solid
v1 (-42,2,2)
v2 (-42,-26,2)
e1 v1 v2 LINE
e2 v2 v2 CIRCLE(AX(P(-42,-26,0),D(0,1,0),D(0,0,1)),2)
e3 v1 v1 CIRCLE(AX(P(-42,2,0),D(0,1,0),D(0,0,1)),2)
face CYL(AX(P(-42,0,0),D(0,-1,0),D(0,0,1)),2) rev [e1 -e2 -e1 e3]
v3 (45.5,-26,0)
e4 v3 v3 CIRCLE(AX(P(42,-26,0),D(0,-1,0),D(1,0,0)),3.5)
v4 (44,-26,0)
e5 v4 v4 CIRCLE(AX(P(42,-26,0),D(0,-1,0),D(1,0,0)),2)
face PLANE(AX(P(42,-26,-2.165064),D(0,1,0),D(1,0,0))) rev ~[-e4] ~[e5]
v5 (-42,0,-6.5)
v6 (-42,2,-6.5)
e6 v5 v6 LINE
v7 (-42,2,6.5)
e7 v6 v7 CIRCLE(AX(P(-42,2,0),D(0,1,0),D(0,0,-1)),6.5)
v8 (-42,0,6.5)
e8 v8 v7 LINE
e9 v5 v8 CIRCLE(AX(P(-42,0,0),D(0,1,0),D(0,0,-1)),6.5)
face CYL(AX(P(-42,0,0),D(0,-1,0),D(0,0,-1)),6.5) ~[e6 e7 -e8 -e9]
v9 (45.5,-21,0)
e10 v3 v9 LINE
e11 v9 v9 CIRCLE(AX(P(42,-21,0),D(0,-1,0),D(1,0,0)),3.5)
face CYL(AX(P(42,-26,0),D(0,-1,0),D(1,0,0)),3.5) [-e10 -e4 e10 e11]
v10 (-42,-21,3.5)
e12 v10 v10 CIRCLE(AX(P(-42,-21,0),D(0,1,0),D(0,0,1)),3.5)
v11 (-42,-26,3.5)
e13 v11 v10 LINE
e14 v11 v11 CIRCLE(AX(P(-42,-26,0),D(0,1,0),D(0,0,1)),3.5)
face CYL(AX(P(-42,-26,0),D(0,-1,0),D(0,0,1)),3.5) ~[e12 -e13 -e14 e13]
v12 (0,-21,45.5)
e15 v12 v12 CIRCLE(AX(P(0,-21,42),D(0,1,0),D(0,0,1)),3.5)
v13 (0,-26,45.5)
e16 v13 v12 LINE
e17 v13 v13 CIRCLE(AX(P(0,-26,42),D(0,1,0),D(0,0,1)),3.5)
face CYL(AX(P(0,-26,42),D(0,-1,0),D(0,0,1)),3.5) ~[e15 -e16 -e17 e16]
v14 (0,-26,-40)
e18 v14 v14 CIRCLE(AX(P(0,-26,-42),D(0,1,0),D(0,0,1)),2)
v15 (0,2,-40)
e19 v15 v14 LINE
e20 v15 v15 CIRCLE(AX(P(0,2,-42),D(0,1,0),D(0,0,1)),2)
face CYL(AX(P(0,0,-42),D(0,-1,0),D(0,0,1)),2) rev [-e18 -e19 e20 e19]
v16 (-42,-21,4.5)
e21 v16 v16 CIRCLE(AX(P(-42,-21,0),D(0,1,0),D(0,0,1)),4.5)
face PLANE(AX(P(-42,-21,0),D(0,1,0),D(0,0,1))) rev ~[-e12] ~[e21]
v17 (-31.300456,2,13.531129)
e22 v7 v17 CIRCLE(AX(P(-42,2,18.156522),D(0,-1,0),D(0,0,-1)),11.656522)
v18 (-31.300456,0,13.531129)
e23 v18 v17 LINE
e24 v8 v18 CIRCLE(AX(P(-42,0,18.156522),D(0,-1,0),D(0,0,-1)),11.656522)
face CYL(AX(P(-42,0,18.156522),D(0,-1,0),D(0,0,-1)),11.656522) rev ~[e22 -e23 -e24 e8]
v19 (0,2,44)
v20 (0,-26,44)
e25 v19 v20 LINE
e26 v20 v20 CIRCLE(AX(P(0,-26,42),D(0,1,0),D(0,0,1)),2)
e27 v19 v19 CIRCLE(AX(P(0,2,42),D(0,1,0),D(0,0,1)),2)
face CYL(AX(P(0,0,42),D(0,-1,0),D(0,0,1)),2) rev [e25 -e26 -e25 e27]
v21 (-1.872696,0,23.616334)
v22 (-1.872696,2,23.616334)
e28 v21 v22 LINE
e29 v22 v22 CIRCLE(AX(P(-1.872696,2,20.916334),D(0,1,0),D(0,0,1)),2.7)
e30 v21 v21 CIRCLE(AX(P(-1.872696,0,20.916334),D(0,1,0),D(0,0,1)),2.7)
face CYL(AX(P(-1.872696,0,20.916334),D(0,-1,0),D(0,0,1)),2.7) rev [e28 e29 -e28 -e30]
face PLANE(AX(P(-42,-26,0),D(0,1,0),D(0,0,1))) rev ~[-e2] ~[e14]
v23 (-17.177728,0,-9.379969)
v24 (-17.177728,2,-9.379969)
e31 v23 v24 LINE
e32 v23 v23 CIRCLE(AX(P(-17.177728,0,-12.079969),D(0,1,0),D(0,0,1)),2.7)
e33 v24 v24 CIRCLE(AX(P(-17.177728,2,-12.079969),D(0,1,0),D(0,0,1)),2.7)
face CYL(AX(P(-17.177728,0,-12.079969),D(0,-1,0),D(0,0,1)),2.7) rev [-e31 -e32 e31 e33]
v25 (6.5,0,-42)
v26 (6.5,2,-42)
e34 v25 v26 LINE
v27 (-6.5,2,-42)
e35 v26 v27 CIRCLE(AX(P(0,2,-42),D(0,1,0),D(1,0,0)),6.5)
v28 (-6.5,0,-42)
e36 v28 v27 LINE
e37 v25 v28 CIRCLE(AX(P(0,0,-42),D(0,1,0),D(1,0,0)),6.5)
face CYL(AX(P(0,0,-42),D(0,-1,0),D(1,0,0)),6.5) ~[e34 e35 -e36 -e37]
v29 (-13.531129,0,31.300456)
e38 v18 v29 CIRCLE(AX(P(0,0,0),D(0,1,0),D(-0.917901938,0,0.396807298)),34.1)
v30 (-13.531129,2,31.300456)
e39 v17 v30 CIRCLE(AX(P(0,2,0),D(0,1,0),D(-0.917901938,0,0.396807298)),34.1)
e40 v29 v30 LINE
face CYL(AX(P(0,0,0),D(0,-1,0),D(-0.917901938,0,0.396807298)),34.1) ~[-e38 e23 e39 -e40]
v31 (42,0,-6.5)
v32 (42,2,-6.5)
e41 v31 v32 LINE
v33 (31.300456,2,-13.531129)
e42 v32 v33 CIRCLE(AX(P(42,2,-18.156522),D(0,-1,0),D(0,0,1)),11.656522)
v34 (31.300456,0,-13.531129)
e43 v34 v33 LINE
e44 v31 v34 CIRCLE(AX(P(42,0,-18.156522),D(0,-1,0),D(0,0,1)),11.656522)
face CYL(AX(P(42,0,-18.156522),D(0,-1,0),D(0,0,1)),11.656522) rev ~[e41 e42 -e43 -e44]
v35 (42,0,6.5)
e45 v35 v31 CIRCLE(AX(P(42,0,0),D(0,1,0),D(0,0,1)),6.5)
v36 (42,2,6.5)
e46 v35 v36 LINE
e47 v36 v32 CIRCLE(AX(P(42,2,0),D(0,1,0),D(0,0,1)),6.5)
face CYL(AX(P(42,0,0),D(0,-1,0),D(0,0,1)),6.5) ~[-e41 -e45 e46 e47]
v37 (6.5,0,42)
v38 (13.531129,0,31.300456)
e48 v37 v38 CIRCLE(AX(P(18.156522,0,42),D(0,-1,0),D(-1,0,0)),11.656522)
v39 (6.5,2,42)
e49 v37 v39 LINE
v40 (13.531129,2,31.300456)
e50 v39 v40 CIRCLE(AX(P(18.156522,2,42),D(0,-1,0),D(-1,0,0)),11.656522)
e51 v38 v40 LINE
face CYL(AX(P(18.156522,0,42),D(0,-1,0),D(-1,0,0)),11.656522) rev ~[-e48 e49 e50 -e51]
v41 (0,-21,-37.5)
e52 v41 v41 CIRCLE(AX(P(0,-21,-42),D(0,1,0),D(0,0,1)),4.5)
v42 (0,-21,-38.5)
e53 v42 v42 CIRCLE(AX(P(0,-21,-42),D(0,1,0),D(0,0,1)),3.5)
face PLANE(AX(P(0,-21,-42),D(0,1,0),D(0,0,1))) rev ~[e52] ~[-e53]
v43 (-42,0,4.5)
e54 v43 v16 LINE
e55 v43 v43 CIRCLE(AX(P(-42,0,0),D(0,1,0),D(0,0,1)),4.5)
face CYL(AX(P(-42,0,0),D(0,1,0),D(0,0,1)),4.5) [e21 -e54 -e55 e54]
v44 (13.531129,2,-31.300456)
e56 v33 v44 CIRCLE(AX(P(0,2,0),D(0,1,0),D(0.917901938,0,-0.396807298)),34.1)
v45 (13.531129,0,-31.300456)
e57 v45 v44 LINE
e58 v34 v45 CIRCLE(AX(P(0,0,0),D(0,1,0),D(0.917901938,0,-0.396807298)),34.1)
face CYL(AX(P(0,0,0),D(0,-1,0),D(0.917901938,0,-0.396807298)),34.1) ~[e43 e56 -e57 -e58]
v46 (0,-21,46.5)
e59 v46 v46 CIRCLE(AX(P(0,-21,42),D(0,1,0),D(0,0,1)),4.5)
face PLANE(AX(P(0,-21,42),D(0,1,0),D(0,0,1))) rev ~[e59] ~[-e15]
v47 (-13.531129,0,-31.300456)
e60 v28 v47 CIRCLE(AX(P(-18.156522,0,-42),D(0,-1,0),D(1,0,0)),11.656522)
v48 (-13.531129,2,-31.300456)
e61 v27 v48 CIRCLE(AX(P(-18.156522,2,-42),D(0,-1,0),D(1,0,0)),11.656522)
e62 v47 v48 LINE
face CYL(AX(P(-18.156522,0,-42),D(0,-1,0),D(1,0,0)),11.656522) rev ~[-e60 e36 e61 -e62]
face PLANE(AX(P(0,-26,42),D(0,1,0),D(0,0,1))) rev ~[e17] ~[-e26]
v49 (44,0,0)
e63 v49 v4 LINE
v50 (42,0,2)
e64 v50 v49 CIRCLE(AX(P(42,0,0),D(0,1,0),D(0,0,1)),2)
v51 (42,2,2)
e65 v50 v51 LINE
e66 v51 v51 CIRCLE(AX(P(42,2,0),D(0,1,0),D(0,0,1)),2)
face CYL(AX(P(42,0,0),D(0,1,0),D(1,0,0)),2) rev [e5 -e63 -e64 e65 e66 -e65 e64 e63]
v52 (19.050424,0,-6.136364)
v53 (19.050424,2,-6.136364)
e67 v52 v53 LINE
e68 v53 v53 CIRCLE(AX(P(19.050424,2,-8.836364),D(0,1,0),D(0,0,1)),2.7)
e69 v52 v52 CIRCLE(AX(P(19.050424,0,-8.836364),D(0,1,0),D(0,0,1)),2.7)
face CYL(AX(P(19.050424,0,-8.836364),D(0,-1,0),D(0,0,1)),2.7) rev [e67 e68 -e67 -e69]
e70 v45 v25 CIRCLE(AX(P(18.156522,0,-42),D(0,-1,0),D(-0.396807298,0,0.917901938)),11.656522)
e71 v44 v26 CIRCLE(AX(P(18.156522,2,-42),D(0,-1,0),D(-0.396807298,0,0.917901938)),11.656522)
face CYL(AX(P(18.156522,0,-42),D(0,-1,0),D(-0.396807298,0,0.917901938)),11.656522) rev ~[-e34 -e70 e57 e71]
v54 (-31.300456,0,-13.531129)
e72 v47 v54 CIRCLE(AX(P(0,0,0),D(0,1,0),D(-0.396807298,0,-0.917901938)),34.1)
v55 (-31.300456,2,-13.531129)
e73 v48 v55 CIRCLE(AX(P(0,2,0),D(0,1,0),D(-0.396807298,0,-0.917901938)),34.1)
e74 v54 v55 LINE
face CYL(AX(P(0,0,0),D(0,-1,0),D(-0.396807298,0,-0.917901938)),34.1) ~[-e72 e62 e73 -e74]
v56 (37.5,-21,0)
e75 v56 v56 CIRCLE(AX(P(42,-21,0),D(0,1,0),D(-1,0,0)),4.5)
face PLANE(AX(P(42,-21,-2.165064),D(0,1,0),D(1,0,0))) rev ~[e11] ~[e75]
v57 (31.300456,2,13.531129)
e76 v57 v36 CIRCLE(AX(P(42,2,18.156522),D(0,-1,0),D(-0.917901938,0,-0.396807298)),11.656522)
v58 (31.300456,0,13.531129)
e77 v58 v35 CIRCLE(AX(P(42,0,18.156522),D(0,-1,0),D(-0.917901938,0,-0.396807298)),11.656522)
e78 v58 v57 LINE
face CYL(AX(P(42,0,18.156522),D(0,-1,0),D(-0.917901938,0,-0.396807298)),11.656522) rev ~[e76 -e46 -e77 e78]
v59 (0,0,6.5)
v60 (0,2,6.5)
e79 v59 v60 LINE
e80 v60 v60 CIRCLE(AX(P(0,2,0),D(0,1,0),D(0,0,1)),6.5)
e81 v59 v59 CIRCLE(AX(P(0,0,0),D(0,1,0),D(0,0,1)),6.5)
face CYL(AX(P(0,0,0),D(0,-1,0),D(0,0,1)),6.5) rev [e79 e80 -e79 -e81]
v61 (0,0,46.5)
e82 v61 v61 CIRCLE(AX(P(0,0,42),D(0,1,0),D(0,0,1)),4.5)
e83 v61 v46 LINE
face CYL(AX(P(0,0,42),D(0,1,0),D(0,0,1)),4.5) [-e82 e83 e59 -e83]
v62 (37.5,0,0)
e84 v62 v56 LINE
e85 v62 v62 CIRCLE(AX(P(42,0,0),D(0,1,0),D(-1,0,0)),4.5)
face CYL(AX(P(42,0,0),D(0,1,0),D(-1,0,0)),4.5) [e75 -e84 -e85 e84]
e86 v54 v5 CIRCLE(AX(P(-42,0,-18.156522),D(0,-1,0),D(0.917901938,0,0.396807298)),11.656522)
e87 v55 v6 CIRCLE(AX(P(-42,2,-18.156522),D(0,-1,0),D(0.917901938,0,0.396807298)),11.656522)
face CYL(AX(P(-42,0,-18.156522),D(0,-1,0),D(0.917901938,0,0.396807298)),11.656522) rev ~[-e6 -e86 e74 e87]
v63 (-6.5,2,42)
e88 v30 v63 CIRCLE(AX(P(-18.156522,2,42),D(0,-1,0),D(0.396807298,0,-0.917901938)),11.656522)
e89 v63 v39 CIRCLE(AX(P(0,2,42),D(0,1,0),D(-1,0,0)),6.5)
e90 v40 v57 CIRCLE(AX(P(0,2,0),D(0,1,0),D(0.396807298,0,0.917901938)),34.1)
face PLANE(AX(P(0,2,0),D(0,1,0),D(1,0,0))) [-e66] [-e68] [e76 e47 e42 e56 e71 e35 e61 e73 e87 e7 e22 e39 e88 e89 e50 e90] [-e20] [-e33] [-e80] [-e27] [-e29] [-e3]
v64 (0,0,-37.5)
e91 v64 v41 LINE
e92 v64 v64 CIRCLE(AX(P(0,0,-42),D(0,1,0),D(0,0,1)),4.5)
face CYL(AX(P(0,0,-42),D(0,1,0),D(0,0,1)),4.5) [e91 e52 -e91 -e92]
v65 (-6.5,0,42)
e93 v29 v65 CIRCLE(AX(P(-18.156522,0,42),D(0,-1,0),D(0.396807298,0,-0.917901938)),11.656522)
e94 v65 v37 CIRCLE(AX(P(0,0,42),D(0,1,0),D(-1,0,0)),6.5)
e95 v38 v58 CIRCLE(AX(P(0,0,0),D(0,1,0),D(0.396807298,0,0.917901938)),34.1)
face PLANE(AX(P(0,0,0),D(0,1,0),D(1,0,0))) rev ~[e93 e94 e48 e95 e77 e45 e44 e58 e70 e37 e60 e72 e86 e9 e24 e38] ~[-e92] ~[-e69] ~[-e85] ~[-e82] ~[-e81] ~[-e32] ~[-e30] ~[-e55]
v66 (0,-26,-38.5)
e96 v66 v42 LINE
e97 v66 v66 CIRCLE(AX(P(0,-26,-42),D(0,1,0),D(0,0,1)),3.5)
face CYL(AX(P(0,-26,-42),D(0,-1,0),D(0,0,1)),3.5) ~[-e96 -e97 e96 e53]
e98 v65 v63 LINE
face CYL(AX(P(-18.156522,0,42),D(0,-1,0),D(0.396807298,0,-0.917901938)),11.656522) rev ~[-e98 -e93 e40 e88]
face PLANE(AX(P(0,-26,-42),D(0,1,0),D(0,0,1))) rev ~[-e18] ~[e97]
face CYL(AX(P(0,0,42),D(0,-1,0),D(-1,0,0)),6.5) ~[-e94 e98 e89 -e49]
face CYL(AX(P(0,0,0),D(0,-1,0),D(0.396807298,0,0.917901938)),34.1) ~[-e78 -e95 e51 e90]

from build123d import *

# Parameters (mm, degrees)
SKETCH1_R           = 2
SKETCH1_R_2         = 2.7
SKETCH1_R_3         = 6.5
BOSS_EXTRUDE1_DEPTH = 2
SKETCH1_3_R         = 4.5
SKETCH1_3_R_2       = 3.5
SKETCH1_3_R_3       = 2
BOSS_EXTRUDE2_DEPTH = 26
CUT_EXTRUDE1_START  = -26
SKETCH1_4_R         = 4.5
SKETCH1_4_R_2       = 3.5
CUT_EXTRUDE1_DEPTH  = 5


with BuildPart() as part:
    # Sketch1 → Boss-Extrude1 (new body)
    with BuildSketch(Plane(origin=(0, 0, 0), x_dir=(1, 0, 0), z_dir=(0, 1, 0))):
        with BuildLine():
            ThreePointArc((31.3004561, 13.531128848), (24.112341238, 24.112341238), (13.531128848, 31.3004561))
            ThreePointArc((13.531128848, 31.3004561), (8.415102647, 35.598496025), (6.5, 42))
            ThreePointArc((6.5, 42), (0, 48.5), (-6.5, 42))
            ThreePointArc((-6.5, 42), (-8.415102647, 35.598496025), (-13.531128848, 31.3004561))
            ThreePointArc((-13.531128848, 31.3004561), (-24.112341238, 24.112341238), (-31.3004561, 13.531128848))
            ThreePointArc((-31.3004561, 13.531128848), (-35.598496025, 8.415102647), (-42, 6.5))
            ThreePointArc((-42, 6.5), (-48.5, 0), (-42, -6.5))
            ThreePointArc((-42, -6.5), (-35.598496025, -8.415102647), (-31.3004561, -13.531128848))
            ThreePointArc((-31.3004561, -13.531128848), (-24.112341238, -24.112341238), (-13.531128848, -31.3004561))
            ThreePointArc((-13.531128848, -31.3004561), (-8.415102647, -35.598496025), (-6.5, -42))
            ThreePointArc((-6.5, -42), (0, -48.5), (6.5, -42))
            ThreePointArc((6.5, -42), (8.415102647, -35.598496025), (13.531128848, -31.3004561))
            ThreePointArc((13.531128848, -31.3004561), (24.112341238, -24.112341238), (31.3004561, -13.531128848))
            ThreePointArc((31.3004561, -13.531128848), (35.598496025, -8.415102647), (42, -6.5))
            ThreePointArc((42, -6.5), (48.5, 0), (42, 6.5))
            ThreePointArc((42, 6.5), (35.598496025, 8.415102647), (31.3004561, 13.531128848))
        make_face()
        with Locations(Location((-42, 0, 0), (0, 0, 270))):
            Circle(SKETCH1_R, mode=Mode.SUBTRACT)
        with Locations(Location((-1.872696433, -20.916333524, 0), (0, 0, 270))):
            Circle(SKETCH1_R_2, mode=Mode.SUBTRACT)
        with Locations(Location((0, -42, 0), (0, 0, 270))):
            Circle(SKETCH1_R, mode=Mode.SUBTRACT)
        with Locations(Location((0, 0, 0), (0, 0, 270))):
            Circle(SKETCH1_R_3, mode=Mode.SUBTRACT)
        with Locations(Location((42, 0, 0), (0, 0, 270))):
            Circle(SKETCH1_R, mode=Mode.SUBTRACT)
        with Locations(Location((-17.177727969, 12.079969447, 0), (0, 0, 270))):
            Circle(SKETCH1_R_2, mode=Mode.SUBTRACT)
        with Locations(Location((19.050424402, 8.836364077, 0), (0, 0, 270))):
            Circle(SKETCH1_R_2, mode=Mode.SUBTRACT)
        with Locations(Location((0, 42, 0), (0, 0, 270))):
            Circle(SKETCH1_R, mode=Mode.SUBTRACT)
    extrude(amount=BOSS_EXTRUDE1_DEPTH)

    # Sketch1<3> → Boss-Extrude2 (add)
    with BuildSketch(Plane(origin=(0, 0, 0), x_dir=(1, 0, 0), z_dir=(0, 1, 0))):
        with BuildLine():
            ThreePointArc((46.5, 0), (42, 4.5), (37.5, 0))
            Line((37.5, 0), (38.5, 0))
            ThreePointArc((38.5, 0), (42, 3.5), (45.5, 0))
            Line((45.5, 0), (46.5, 0))
        make_face()
        with BuildLine():
            Line((38.5, 0), (37.5, 0))
            ThreePointArc((37.5, 0), (42, -4.5), (46.5, 0))
            Line((46.5, 0), (45.5, 0))
            ThreePointArc((45.5, 0), (42, -3.5), (38.5, 0))
        make_face()
        with BuildLine():
            ThreePointArc((45.5, 0), (42, 3.5), (38.5, 0))
            Line((38.5, 0), (40, 0))
            ThreePointArc((40, 0), (42, 2), (44, 0))
            Line((44, 0), (45.5, 0))
        make_face()
        with BuildLine():
            Line((40, 0), (38.5, 0))
            ThreePointArc((38.5, 0), (42, -3.5), (45.5, 0))
            Line((45.5, 0), (44, 0))
            ThreePointArc((44, 0), (42, -2), (40, 0))
        make_face()
        with Locations(Location((0, -42, 0), (0, 0, 270))):
            Circle(SKETCH1_3_R)
        with Locations((0, -42)):
            Circle(SKETCH1_3_R_2, mode=Mode.SUBTRACT)
        with Locations((0, -42)):
            Circle(SKETCH1_3_R_2)
        with Locations(Location((0, -42, 0), (0, 0, 270))):
            Circle(SKETCH1_3_R_3, mode=Mode.SUBTRACT)
        with Locations(Location((-42, 0, 0), (0, 0, 270))):
            Circle(SKETCH1_3_R)
        with Locations((-42, 0)):
            Circle(SKETCH1_3_R_2, mode=Mode.SUBTRACT)
        with Locations((-42, 0)):
            Circle(SKETCH1_3_R_2)
        with Locations(Location((-42, 0, 0), (0, 0, 270))):
            Circle(SKETCH1_3_R_3, mode=Mode.SUBTRACT)
        with Locations(Location((0, 42, 0), (0, 0, 270))):
            Circle(SKETCH1_3_R)
        with Locations((0, 42)):
            Circle(SKETCH1_3_R_2, mode=Mode.SUBTRACT)
        with Locations((0, 42)):
            Circle(SKETCH1_3_R_2)
        with Locations(Location((0, 42, 0), (0, 0, 270))):
            Circle(SKETCH1_3_R_3, mode=Mode.SUBTRACT)
    extrude(amount=-BOSS_EXTRUDE2_DEPTH)

    # Sketch1<4> → Cut-Extrude1 (cut)
    with BuildSketch(Plane(origin=(0, 0, 0), x_dir=(1, 0, 0), z_dir=(0, 1, 0)).offset(CUT_EXTRUDE1_START)):
        with Locations(Location((0, -42, 0), (0, 0, 270))):
            Circle(SKETCH1_4_R)
        with Locations(Location((0, -42, 0), (0, 0, 270))):
            Circle(SKETCH1_4_R_2, mode=Mode.SUBTRACT)
        with BuildLine():
            ThreePointArc((46.5, 0), (42, 4.5), (37.5, 0))
            Line((37.5, 0), (38.5, 0))
            ThreePointArc((38.5, 0), (42, 3.5), (45.5, 0))
            Line((45.5, 0), (46.5, 0))
        make_face()
        with BuildLine():
            Line((38.5, 0), (37.5, 0))
            ThreePointArc((37.5, 0), (42, -4.5), (46.5, 0))
            Line((46.5, 0), (45.5, 0))
            ThreePointArc((45.5, 0), (42, -3.5), (38.5, 0))
        make_face()
        with Locations(Location((0, 42, 0), (0, 0, 270))):
            Circle(SKETCH1_4_R)
        with Locations(Location((0, 42, 0), (0, 0, 270))):
            Circle(SKETCH1_4_R_2, mode=Mode.SUBTRACT)
        with Locations(Location((-42, 0, 0), (0, 0, 270))):
            Circle(SKETCH1_4_R)
        with Locations(Location((-42, 0, 0), (0, 0, 270))):
            Circle(SKETCH1_4_R_2, mode=Mode.SUBTRACT)
    extrude(amount=CUT_EXTRUDE1_DEPTH, mode=Mode.SUBTRACT)


solid = part.part
